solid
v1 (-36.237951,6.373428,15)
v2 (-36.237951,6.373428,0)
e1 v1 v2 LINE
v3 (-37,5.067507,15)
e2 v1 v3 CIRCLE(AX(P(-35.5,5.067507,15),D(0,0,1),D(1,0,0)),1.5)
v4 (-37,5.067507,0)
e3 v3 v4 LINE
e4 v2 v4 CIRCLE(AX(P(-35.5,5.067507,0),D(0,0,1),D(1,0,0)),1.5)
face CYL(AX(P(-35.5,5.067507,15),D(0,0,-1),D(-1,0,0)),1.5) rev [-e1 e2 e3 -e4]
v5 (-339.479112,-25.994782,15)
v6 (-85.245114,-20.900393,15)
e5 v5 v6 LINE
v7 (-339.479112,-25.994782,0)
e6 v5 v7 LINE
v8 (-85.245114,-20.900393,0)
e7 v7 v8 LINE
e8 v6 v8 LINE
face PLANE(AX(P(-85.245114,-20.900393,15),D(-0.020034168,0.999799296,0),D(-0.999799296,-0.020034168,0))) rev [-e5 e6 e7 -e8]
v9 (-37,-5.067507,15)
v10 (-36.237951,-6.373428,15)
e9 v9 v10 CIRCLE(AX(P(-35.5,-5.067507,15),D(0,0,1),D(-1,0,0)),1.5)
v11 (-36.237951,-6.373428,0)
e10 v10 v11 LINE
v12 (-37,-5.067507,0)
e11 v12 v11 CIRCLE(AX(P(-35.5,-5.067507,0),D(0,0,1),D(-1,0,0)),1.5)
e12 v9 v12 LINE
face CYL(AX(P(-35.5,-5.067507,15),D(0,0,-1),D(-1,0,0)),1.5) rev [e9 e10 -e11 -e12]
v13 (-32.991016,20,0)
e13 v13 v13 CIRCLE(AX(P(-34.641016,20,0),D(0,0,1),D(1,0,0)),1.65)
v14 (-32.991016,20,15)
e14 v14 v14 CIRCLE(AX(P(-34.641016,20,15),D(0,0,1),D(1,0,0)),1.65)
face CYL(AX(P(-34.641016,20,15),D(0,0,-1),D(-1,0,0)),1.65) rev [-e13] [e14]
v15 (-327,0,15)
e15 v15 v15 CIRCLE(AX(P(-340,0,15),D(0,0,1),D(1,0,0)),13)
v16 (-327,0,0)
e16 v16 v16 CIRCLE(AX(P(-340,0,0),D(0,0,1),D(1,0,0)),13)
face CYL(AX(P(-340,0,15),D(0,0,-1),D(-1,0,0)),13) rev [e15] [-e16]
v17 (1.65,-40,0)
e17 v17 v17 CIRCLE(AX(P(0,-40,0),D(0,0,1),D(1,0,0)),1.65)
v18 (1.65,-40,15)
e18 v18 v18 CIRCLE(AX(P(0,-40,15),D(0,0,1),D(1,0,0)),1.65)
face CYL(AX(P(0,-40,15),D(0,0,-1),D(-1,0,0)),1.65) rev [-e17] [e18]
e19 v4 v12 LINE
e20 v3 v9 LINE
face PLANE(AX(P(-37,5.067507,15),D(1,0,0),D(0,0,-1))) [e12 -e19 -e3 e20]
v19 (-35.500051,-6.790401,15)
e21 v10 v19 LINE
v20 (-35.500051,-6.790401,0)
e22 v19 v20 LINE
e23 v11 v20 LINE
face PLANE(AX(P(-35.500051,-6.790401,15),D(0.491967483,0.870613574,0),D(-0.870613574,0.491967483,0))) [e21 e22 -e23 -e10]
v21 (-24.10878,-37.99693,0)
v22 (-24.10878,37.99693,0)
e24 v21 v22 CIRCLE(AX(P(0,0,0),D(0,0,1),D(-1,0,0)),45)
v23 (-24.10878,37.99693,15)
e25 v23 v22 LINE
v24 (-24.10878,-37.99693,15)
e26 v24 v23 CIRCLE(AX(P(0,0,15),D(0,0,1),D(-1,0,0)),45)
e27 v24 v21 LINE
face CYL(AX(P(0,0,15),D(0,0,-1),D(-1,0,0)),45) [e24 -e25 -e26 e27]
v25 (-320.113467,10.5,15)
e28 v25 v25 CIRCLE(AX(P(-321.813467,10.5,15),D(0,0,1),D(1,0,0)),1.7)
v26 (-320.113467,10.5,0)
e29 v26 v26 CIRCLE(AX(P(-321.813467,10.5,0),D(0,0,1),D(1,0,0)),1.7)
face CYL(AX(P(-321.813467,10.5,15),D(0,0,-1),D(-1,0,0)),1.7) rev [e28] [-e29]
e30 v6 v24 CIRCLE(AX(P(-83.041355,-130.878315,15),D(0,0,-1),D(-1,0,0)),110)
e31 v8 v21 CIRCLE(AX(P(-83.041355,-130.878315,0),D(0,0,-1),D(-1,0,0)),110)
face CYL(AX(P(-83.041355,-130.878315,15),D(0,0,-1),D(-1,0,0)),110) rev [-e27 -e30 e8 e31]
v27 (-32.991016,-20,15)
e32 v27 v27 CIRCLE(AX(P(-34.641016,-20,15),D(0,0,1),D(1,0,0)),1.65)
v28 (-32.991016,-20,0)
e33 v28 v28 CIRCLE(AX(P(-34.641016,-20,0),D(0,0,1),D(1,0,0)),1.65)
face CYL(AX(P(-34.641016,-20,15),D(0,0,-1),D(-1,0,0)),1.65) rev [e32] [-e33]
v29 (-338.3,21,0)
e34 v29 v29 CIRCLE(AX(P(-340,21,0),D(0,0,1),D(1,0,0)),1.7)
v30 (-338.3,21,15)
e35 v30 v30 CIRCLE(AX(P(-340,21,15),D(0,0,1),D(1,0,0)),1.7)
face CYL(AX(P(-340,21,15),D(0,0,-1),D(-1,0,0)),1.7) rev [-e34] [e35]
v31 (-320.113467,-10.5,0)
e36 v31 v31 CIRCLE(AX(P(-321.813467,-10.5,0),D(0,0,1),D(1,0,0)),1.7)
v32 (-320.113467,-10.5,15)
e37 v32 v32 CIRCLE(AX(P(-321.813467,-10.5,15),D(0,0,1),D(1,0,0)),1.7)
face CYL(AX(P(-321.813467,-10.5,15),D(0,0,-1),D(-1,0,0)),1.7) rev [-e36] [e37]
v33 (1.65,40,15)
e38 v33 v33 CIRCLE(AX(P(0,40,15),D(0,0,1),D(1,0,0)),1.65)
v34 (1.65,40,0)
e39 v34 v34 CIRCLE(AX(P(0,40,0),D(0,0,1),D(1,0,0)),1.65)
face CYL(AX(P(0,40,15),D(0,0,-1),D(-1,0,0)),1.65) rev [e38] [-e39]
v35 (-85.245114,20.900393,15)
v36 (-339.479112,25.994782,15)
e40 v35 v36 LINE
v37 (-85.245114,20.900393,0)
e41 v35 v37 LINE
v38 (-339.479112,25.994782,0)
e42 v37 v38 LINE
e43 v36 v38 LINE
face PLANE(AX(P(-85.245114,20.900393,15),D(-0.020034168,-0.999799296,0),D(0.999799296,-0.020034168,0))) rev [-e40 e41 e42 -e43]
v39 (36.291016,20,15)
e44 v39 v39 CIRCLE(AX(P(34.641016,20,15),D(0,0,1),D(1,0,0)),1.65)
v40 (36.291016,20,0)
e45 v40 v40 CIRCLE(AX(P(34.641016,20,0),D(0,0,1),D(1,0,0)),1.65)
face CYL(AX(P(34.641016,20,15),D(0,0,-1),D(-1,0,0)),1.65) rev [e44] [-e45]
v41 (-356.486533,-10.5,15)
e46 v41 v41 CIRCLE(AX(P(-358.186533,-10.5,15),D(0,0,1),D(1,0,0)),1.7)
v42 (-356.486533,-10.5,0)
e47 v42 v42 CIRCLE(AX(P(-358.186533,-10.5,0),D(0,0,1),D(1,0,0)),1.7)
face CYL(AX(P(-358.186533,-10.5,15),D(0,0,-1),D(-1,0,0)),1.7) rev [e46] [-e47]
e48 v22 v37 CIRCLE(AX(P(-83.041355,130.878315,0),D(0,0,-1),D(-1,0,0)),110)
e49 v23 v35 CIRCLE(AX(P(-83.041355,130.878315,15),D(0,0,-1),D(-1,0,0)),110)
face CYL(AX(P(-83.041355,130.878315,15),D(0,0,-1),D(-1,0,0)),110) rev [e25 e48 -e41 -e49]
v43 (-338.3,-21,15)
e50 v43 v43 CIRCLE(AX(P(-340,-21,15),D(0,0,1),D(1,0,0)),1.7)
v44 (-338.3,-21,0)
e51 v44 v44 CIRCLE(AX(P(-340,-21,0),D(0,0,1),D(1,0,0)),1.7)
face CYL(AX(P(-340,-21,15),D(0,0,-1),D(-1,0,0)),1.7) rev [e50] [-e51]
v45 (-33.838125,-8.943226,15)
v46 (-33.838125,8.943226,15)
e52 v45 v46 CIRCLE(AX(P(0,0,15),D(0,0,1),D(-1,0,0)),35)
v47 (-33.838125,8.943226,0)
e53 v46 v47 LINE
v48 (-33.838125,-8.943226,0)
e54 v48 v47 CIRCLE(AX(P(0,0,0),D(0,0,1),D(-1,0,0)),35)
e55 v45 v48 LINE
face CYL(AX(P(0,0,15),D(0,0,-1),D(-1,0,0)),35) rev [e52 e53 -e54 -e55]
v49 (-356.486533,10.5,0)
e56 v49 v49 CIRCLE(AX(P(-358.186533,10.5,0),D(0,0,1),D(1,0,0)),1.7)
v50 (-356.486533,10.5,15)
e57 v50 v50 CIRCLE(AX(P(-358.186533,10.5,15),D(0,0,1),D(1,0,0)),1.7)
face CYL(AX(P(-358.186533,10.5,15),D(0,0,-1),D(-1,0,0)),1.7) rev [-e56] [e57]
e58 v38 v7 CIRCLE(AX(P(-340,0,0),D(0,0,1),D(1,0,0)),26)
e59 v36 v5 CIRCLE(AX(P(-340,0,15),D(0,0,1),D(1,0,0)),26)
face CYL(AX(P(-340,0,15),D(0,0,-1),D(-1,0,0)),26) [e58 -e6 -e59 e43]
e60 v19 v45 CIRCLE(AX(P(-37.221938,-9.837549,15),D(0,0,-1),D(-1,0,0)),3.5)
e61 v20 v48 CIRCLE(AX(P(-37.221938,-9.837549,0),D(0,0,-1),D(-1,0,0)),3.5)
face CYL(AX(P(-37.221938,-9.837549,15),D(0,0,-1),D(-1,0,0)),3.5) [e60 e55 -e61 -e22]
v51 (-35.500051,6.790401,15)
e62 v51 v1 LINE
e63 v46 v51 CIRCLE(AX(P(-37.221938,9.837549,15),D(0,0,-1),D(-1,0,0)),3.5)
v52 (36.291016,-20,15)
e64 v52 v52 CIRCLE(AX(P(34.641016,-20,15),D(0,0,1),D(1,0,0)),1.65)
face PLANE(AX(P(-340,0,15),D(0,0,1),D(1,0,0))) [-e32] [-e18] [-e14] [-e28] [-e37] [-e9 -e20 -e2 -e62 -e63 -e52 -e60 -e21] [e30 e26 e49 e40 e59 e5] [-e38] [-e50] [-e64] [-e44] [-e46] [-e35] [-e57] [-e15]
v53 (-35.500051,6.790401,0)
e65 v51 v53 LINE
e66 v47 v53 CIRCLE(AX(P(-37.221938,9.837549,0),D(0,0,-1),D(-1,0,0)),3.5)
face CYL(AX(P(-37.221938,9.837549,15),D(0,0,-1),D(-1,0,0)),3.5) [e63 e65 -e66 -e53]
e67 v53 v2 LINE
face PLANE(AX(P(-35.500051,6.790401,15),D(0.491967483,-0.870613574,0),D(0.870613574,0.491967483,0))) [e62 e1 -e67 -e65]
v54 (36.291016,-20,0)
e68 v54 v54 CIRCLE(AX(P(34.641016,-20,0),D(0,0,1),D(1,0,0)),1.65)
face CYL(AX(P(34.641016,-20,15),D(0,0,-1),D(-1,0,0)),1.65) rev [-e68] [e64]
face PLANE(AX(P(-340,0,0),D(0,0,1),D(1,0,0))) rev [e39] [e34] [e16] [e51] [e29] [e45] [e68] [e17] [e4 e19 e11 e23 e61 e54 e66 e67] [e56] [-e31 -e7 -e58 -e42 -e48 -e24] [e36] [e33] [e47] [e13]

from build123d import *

# Parameters (mm, degrees)
SKETCH_1_R      = 1.65
SKETCH_1_R_2    = 13
SKETCH_1_R_3    = 1.7
EXTRUDE_1_DEPTH = 15


with BuildPart() as part:
    # 草图1 → 凸台-拉伸1 (new body)
    with BuildSketch(Plane.XY):
        with BuildLine():
            Line((-85.245113537, 20.900392521), (-339.479111624, 25.994781694))
            ThreePointArc((-339.479111624, 25.994781694), (-366, 0), (-339.479111624, -25.994781694))
            Line((-339.479111624, -25.994781694), (-85.245113537, -20.900392521))
            ThreePointArc((-85.245113537, -20.900392521), (-53.416829007, -24.942544633), (-24.108780491, -37.996930182))
            ThreePointArc((-24.108780491, -37.996930182), (45, 0), (-24.108780491, 37.996930182))
            ThreePointArc((-24.108780491, 37.996930182), (-53.416829007, 24.942544633), (-85.245113537, 20.900392521))
        make_face()
        with Locations((0, 40)):
            Circle(SKETCH_1_R, mode=Mode.SUBTRACT)
        with Locations((34.641016151, 20)):
            Circle(SKETCH_1_R, mode=Mode.SUBTRACT)
        with Locations((34.641016151, -20)):
            Circle(SKETCH_1_R, mode=Mode.SUBTRACT)
        with Locations((0, -40)):
            Circle(SKETCH_1_R, mode=Mode.SUBTRACT)
        with Locations((-34.641016151, 20)):
            Circle(SKETCH_1_R, mode=Mode.SUBTRACT)
        with Locations((-34.641016151, -20)):
            Circle(SKETCH_1_R, mode=Mode.SUBTRACT)
        with Locations((-340, 0)):
            Circle(SKETCH_1_R_2, mode=Mode.SUBTRACT)
        with Locations((-340, 21)):
            Circle(SKETCH_1_R_3, mode=Mode.SUBTRACT)
        with Locations((-358.186533479, 10.5)):
            Circle(SKETCH_1_R_3, mode=Mode.SUBTRACT)
        with Locations((-358.186533479, -10.5)):
            Circle(SKETCH_1_R_3, mode=Mode.SUBTRACT)
        with Locations((-340, -21)):
            Circle(SKETCH_1_R_3, mode=Mode.SUBTRACT)
        with Locations((-321.813466521, -10.5)):
            Circle(SKETCH_1_R_3, mode=Mode.SUBTRACT)
        with Locations((-321.813466521, 10.5)):
            Circle(SKETCH_1_R_3, mode=Mode.SUBTRACT)
        with BuildLine():
            Line((-35.500051413, 6.790401018), (-36.237951224, 6.373427606))
            ThreePointArc((-36.237951224, 6.373427606), (-36.795555255, 5.823507629), (-37, 5.067507244))
            Line((-37, 5.067507244), (-37, -5.067507244))
            ThreePointArc((-37, -5.067507244), (-36.795555255, -5.823507629), (-36.237951224, -6.373427606))
            Line((-36.237951224, -6.373427606), (-35.500051413, -6.790401018))
            ThreePointArc((-35.500051413, -6.790401018), (-34.451431588, -7.698788042), (-33.838125094, -8.943225935))
            ThreePointArc((-33.838125094, -8.943225935), (35, 0), (-33.838125094, 8.943225935))
            ThreePointArc((-33.838125094, 8.943225935), (-34.451431588, 7.698788042), (-35.500051413, 6.790401018))
        make_face(mode=Mode.SUBTRACT)
    extrude(amount=EXTRUDE_1_DEPTH)


solid = part.part
